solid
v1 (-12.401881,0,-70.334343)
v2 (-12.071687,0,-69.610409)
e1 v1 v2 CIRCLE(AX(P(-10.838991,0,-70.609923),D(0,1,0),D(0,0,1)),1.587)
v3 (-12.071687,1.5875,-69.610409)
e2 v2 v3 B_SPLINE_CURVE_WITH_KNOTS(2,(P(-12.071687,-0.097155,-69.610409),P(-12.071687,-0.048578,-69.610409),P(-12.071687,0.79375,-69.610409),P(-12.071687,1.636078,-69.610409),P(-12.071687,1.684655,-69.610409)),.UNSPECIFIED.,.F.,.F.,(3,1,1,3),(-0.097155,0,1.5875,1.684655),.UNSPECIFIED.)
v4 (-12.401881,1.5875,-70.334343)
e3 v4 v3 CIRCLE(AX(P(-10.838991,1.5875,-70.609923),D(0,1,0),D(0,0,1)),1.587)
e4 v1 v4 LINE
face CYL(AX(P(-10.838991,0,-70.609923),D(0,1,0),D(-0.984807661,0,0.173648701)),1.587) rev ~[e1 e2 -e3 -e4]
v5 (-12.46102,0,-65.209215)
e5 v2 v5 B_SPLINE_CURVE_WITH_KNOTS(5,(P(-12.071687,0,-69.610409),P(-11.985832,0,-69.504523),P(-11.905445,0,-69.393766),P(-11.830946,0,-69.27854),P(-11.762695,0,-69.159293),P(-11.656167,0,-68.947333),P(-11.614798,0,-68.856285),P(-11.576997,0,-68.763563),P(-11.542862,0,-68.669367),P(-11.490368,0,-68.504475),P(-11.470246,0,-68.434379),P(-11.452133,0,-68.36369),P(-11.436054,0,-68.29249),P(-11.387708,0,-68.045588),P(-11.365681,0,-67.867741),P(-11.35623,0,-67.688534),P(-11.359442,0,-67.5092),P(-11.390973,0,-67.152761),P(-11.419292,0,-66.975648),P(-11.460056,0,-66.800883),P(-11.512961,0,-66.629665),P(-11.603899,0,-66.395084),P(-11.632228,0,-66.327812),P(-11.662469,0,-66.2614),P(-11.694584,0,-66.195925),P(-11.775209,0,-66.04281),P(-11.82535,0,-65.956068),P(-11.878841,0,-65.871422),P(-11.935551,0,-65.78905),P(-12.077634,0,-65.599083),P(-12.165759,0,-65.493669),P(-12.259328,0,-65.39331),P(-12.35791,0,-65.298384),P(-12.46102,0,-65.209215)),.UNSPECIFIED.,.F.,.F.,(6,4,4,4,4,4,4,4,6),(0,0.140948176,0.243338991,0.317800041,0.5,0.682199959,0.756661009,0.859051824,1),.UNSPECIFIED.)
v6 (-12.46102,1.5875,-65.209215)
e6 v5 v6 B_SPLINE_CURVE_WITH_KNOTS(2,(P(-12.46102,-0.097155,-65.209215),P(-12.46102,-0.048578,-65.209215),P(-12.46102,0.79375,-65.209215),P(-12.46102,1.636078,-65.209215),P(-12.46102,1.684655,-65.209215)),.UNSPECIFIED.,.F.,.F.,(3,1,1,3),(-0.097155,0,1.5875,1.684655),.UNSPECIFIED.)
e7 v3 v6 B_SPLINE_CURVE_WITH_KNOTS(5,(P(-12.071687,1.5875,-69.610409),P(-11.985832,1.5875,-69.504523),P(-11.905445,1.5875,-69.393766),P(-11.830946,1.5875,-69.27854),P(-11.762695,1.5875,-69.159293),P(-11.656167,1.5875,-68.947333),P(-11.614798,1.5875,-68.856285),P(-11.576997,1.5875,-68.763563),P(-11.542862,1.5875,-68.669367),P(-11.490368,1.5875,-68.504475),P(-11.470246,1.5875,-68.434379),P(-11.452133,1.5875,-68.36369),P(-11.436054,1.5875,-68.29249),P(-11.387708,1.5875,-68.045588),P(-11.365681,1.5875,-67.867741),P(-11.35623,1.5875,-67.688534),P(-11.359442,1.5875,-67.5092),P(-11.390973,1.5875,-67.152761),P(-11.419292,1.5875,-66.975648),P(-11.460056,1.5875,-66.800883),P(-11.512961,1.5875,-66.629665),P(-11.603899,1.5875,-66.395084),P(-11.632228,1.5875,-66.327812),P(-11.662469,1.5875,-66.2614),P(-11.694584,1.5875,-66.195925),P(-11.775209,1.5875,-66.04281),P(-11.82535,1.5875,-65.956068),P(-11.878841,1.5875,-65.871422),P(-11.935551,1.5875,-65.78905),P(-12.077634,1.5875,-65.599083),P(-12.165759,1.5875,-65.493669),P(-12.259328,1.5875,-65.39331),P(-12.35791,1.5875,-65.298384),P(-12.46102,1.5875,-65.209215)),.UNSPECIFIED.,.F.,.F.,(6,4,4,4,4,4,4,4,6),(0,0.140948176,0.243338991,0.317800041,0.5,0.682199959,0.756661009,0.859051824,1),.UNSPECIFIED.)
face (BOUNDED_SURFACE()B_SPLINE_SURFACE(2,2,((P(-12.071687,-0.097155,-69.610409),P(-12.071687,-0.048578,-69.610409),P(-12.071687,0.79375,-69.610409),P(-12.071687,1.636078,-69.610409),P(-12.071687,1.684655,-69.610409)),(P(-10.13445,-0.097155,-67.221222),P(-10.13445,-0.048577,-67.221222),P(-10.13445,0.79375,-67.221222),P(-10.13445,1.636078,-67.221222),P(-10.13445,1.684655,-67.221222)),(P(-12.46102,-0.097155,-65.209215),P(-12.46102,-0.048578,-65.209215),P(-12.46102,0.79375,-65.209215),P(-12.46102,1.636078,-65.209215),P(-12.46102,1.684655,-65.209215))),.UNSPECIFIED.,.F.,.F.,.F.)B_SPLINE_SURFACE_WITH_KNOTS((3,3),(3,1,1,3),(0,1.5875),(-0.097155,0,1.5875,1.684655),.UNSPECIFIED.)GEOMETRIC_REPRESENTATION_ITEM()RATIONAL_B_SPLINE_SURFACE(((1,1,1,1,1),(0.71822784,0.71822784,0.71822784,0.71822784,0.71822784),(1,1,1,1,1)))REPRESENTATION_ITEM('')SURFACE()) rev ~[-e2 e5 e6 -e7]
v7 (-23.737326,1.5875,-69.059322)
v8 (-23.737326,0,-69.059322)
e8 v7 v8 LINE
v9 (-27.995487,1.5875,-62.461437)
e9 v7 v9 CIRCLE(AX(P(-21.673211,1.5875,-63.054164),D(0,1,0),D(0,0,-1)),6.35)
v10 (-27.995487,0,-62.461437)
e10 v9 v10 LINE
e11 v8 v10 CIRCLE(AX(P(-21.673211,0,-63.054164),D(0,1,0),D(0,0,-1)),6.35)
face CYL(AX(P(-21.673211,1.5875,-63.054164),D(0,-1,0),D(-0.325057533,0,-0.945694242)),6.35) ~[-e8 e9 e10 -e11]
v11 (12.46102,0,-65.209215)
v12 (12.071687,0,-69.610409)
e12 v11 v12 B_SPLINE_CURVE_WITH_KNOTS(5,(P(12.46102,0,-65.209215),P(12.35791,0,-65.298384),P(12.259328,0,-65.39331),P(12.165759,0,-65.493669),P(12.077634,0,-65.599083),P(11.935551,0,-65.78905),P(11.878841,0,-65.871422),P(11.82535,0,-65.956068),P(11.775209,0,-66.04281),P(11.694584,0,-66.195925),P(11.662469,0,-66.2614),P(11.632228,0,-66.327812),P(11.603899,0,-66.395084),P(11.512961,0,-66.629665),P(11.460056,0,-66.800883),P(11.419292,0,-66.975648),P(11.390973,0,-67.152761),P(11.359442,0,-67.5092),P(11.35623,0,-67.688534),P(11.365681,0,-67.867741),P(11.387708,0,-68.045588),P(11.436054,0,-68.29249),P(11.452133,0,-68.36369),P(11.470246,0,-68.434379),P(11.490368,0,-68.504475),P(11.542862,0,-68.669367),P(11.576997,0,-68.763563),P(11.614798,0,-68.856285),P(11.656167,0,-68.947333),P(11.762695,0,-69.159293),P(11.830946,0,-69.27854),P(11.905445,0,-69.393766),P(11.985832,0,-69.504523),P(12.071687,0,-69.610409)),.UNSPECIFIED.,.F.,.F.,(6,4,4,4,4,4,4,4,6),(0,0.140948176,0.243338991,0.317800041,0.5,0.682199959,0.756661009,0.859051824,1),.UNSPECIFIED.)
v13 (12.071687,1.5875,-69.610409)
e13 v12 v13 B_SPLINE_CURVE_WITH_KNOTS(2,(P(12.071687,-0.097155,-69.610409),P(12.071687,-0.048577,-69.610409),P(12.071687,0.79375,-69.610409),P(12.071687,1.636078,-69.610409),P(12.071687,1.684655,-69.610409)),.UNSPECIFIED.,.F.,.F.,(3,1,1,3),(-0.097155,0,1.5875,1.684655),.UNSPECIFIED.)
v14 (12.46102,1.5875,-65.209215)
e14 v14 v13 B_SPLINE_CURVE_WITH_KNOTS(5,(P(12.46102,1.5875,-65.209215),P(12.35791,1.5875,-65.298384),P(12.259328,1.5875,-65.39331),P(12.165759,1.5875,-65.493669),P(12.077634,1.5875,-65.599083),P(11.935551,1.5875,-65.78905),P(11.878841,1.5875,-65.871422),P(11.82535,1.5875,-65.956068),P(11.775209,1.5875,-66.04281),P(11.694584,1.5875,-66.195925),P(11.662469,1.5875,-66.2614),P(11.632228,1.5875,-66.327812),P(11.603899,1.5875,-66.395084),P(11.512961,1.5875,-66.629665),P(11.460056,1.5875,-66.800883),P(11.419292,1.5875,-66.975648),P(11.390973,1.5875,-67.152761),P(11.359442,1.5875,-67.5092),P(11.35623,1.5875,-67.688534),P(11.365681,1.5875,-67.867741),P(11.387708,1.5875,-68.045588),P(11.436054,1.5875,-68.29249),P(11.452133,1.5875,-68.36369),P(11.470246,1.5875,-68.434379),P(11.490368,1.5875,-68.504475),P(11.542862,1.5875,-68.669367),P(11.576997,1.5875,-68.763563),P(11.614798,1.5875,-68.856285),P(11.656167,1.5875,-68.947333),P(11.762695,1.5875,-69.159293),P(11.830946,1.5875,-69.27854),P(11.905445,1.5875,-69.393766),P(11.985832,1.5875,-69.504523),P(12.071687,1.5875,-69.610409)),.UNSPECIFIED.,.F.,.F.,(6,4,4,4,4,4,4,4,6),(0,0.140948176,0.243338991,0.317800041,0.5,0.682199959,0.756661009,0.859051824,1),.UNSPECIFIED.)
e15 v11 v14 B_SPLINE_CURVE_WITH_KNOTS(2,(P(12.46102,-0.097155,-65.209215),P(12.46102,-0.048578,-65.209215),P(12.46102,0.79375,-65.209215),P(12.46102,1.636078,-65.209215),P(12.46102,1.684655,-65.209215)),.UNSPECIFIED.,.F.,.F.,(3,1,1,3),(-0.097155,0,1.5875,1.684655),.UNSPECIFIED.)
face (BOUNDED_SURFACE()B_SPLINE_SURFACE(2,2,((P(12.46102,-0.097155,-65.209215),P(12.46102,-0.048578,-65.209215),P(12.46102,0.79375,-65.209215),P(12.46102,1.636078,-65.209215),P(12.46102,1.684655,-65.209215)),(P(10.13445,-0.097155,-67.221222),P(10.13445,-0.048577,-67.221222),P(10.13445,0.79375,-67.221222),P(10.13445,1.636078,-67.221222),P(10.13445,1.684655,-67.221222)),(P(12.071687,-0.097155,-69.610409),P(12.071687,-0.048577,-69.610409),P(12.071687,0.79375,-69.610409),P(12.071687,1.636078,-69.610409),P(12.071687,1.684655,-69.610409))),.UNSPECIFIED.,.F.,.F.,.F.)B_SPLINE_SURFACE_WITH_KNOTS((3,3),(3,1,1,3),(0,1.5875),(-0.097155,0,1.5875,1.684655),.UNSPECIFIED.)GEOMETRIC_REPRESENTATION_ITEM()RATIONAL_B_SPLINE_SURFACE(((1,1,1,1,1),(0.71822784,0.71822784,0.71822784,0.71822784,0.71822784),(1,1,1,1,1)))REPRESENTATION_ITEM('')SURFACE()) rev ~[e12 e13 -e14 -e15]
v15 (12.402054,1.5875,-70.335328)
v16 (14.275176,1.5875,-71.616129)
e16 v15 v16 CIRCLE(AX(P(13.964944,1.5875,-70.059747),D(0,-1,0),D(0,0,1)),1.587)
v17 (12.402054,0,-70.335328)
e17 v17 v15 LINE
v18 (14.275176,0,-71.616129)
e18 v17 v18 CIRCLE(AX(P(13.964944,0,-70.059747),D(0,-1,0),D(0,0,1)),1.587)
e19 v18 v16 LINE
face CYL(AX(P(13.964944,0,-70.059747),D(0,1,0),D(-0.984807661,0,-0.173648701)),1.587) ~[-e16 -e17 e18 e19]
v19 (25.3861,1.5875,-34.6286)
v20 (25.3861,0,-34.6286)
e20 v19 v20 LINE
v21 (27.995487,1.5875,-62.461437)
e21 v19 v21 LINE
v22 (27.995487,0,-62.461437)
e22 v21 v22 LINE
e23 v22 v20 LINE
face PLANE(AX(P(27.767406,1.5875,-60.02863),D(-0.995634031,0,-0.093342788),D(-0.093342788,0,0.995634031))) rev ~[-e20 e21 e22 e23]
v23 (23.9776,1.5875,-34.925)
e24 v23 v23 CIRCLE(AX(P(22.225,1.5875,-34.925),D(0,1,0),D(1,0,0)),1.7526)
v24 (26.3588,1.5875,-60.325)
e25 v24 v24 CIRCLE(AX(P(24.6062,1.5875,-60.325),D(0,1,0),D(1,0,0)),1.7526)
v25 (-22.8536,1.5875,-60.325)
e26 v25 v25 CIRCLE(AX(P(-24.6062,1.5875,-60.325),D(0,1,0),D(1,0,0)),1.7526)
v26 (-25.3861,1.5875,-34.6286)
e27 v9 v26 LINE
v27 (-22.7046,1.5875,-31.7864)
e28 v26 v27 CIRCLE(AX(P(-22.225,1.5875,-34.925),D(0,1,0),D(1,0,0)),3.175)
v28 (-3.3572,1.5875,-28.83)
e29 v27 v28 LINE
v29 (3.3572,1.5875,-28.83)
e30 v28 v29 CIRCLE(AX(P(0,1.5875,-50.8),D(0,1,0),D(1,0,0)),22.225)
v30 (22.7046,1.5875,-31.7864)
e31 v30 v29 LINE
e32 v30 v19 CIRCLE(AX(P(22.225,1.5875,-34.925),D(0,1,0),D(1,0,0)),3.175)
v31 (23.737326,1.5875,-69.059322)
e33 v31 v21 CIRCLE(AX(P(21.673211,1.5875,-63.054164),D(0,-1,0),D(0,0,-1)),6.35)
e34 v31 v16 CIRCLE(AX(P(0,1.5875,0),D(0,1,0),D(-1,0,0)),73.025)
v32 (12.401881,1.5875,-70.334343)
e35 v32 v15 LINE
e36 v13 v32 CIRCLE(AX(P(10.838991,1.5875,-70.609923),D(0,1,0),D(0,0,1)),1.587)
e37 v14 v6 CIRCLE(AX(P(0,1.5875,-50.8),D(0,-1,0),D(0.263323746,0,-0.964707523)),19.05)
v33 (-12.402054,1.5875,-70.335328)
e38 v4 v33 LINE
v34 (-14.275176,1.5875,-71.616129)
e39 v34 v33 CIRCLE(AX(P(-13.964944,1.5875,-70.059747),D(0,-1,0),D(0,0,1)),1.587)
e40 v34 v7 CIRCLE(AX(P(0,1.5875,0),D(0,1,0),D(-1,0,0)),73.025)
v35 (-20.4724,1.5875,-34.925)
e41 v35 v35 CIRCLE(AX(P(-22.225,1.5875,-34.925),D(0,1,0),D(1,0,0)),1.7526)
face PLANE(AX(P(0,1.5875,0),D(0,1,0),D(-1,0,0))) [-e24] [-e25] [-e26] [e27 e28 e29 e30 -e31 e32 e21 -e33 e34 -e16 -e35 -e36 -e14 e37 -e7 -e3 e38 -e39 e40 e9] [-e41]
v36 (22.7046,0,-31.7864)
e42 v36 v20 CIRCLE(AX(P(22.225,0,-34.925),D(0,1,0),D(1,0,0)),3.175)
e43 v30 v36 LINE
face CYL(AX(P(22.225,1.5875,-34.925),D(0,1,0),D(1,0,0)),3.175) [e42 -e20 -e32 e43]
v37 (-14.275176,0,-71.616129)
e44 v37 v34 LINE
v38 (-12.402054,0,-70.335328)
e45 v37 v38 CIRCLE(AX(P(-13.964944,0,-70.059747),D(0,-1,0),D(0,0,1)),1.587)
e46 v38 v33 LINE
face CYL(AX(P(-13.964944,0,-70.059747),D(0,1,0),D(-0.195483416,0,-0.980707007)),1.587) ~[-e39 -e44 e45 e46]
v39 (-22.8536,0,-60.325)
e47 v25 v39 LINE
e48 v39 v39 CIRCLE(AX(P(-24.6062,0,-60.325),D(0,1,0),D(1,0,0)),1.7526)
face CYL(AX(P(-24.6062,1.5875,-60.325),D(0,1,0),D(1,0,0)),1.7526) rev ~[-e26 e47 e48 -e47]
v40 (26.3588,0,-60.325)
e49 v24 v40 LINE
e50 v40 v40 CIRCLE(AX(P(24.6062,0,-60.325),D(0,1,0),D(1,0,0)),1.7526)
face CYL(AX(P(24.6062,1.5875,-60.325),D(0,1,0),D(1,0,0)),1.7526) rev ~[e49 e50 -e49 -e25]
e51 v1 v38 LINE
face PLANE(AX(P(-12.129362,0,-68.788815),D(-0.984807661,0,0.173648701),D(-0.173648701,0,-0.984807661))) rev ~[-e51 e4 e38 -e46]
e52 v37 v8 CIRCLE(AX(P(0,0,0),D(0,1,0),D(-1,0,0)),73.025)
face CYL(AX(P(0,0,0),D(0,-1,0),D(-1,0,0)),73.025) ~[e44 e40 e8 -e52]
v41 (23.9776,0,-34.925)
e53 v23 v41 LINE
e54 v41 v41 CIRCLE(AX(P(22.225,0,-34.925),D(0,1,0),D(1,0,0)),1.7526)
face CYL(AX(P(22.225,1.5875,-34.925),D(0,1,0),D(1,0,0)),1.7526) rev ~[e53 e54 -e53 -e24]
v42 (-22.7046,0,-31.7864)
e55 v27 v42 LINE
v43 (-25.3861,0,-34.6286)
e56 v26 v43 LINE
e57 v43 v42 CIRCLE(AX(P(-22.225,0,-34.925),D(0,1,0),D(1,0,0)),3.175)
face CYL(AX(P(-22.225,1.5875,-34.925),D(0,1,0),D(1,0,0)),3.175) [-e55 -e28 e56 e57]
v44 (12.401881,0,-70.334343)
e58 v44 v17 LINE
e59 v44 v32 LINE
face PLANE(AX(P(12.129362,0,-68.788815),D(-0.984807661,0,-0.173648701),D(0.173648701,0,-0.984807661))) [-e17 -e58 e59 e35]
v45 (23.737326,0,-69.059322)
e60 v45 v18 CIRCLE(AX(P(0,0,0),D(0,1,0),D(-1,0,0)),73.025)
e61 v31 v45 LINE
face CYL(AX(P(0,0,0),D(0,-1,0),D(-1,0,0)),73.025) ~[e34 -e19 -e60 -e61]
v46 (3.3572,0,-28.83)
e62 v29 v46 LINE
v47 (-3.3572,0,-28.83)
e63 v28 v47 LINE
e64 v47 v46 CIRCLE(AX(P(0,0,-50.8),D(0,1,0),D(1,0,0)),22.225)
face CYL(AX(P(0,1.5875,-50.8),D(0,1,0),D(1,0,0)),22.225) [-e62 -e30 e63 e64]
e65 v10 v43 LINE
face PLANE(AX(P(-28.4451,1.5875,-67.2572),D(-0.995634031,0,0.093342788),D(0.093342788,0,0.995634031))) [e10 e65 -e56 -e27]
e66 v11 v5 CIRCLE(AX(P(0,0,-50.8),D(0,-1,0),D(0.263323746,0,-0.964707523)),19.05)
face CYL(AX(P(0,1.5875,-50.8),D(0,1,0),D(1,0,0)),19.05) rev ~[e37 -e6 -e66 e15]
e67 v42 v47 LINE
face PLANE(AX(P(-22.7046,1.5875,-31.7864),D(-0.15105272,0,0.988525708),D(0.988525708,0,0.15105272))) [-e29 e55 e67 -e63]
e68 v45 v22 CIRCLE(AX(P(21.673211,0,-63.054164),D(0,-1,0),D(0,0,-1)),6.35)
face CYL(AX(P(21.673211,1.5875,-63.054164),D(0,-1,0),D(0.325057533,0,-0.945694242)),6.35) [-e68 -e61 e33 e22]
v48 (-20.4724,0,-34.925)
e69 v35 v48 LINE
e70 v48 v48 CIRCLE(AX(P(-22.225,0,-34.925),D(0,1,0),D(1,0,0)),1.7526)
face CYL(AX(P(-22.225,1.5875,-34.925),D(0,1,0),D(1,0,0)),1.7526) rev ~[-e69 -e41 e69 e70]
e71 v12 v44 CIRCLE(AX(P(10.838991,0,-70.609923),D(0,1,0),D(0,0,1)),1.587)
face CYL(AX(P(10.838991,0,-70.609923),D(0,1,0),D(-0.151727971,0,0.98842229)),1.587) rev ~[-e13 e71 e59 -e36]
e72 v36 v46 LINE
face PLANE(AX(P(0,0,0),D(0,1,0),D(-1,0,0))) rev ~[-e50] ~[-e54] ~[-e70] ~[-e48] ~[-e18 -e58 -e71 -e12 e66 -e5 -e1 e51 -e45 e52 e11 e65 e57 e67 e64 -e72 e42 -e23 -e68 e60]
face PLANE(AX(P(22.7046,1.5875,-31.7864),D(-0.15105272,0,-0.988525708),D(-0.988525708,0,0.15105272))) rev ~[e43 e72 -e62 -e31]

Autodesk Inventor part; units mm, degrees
ref_plane "YZ Plane" through (0, 0, 0) normal (1, 0, 0) x (0, 1, 0)
ref_plane "XZ Plane" through (0, 0, 0) normal (0, 1, 0) x (-1, 0, 0)
ref_plane "XY Plane" through (0, 0, 0) normal (0, 0, 1) x (1, 0, 0)
sketch "Sketch1" plane through (0, 0, 0) normal (0, 1, 0) x (-1, 0, 0)
  circle A0 centre (0, 0) radius 73.025
  line L0 (0, 0) -> (0, -73.025) construction
  line L1 (0, 0) -> (-12.6807, -71.9156)
  line L2 (0, 0) -> (12.6807, -71.9156)
  line L3 (0, 0) -> (72.3143, -10.1631)
  line L4 (0, 0) -> (64.4772, -34.2832)
  line L5 (0, 0) -> (32.0121, 65.6344)
  line L6 (0, 0) -> (52.5298, 50.7274)
  line L7 (0, 0) -> (-52.5298, 50.7274)
  line L8 (0, 0) -> (-32.0121, 65.6344)
  line L9 (0, 0) -> (-64.4772, -34.2832)
  line L10 (0, 0) -> (-72.3143, -10.1631)
  circle A1 centre (0, 0) radius 69.85
  arc A2 (4.7597, -69.6876) -> (-4.7597, -69.6876) centre (0, -69.85) ccw
  arc A3 (67.7477, -17.0079) -> (64.806, -26.0614) centre (66.4313, -21.5848) ccw
  arc A4 (37.1107, 59.1762) -> (44.8121, 53.5808) centre (41.0568, 56.5098) ccw
  arc A5 (-44.8121, 53.5808) -> (-37.1107, 59.1762) centre (-41.0568, 56.5098) ccw
  arc A6 (-64.806, -26.0614) -> (-67.7477, -17.0079) centre (-66.4313, -21.5848) ccw
  point P0 (61.6739, -32.7926)
  point P1 (69.1702, -9.7212)
  point P2 (50.2459, 48.5219)
  point P3 (30.6202, 62.7808)
  point P4 (-30.6202, 62.7808)
  point P5 (-50.2459, 48.5219)
  point P6 (-69.1702, -9.7212)
  point P7 (-61.6739, -32.7926)
  point P8 (-12.1293, -68.7888)
  point P9 (12.1293, -68.7888)
  point P10 (64.806, -26.0614)
  point P11 (67.7477, -17.0079)
  point P12 (44.8121, 53.5808)
  point P13 (37.1107, 59.1762)
  point P14 (-37.1107, 59.1762)
  point P15 (-67.7477, -17.0079)
  dimension "d0" = 146.05
  dimension "d1" = 10
  dimension "d4" = 360
  dimension "d6" = 3.175
  dimension "d10" = 9.525
  dimension "d13" = 360
extrude "Extrusion1" add sketch "Sketch1" along normal blind 1.5875 contours A0 L3 A1 L6 | L5 A1 L8 A0 | A1 L3 L6 | L6 L5 A1 A4 | A0 L2 A1 L4 | A1 A3 L4 L3 | L5 L8 A1 | L2 A1 A2 L1 | L4 A1 L2 | L10 A1 L7 | L7 A1 A5 L8 | L1 A1 L9 | L9 A1 A6 L10 | L7 A1 L10 A0 | L1 A0 L9 A1
fillet "Fillet1" radius 1.5875 30 edges at (30.6202, 0.7937, 62.7808) (32.0121, 0.7937, 65.6344) (-30.6202, 0.7937, 62.7808) (-32.0121, 0.7937, 65.6344) (-52.5298, 0.7937, 50.7274) (-50.2459, 0.7937, 48.5219) (52.5298, 0.7937, 50.7274) (50.2459, 0.7937, 48.5219) (64.4772, 0.7937, -34.2832) (61.6739, 0.7937, -32.7926) (72.3143, 0.7937, -10.1631) (69.1702, 0.7937, -9.7212) (12.6807, 0.7937, -71.9156) (12.1293, 0.7937, -68.7888) (-12.6807, 0.7937, -71.9156) (-12.1293, 0.7937, -68.7888) (-72.3143, 0.7937, -10.1631) (-69.1702, 0.7937, -9.7212) (-64.4772, 0.7937, -34.2832) (-61.6739, 0.7937, -32.7926) (37.1107, 0.7937, 59.1762) (44.8121, 0.7937, 53.5808) (-44.8121, 0.7937, 53.5808) (-37.1107, 0.7937, 59.1762) (-64.806, 0.7937, -26.0614) (-67.7477, 0.7937, -17.0079) (4.7597, 0.7937, -69.6876) (-4.7597, 0.7937, -69.6876) (67.7477, 0.7937, -17.0079) (64.806, 0.7937, -26.0614)
sketch "Sketch5" plane through (0, 1.5875, 0) normal (0, 1, 0) x (1, 0, 0)
  line L0 (0, 0) -> (0, 65.0875) construction
  arc A0 (-4.554, 68.4564) -> (4.554, 68.4564) centre (0, 69.85) ccw projected
  circle A1 centre (0, 50.8) radius 22.225
  arc A2 (63.6995, 35.7075) -> (14.2757, 71.616) centre (0, 0) ccw projected
  circle A3 centre (-24.6062, 60.325) radius 1.7526
  circle A4 centre (-24.6062, 60.325) radius 3.175 construction
  circle A5 centre (-22.225, 34.925) radius 3.175
  circle A6 centre (-22.225, 34.925) radius 1.7526
  circle A7 centre (24.6062, 60.325) radius 1.7526
  circle A8 centre (24.6062, 60.325) radius 3.175
  circle A9 centre (22.225, 34.925) radius 3.175
  circle A10 centre (22.225, 34.925) radius 1.7526
  arc A11 (6.2133, 69.5731) -> (4.554, 68.4564) centre (6.0721, 67.9919) ccw projected
  arc A12 (6.2133, 69.5731) -> (4.554, 68.4564) centre (6.0721, 67.9919) ccw
  arc A13 (-4.554, 68.4564) -> (-6.2133, 69.5731) centre (-6.0721, 67.9919) ccw projected
  arc A14 (-4.554, 68.4564) -> (-6.2133, 69.5731) centre (-6.0721, 67.9919) ccw
  arc A15 (-12.4019, 70.3348) -> (-10.5977, 69.0414) centre (-10.8385, 70.6105) ccw projected
  arc A16 (10.5977, 69.0414) -> (12.4019, 70.3348) centre (10.8385, 70.6105) ccw projected
  arc A17 (10.5977, 69.0414) -> (6.2133, 69.5731) centre (0, 0) ccw projected
  arc A18 (10.5977, 69.0414) -> (11.9875, 69.515) centre (10.8385, 70.6105) ccw
  arc A19 (-6.2133, 69.5731) -> (-10.5977, 69.0414) centre (0, 0) ccw
  arc A20 (-14.2757, 71.616) -> (-63.6995, 35.7075) centre (0, 0) ccw projected
  line L1 (-28.4451, 67.2572) -> (-25.3861, 34.6286)
  line L2 (-22.7046, 31.7864) -> (-3.3572, 28.83)
  line L3 (28.4451, 67.2572) -> (25.3861, 34.6286)
  line L4 (22.7046, 31.7864) -> (3.3572, 28.83)
  circle A21 centre (0, 0) radius 73.025
  circle A22 centre (0, 50.8) radius 19.05
  point P0 (-63.6995, 35.7075)
  point P1 (-9.2869, 69.2299)
  point P2 (9.2869, 69.2299)
  point P3 (-5.0165, 69.1776)
  point P4 (5.0165, 69.1776)
  dimension "d40" = 44.45
  dimension "d41" = 3.5052
  dimension "d42" = 6.35
  dimension "d43" = 9.525
  dimension "d44" = 24.6062
  dimension "d45" = 6.35
  dimension "d46" = 3.5052
  dimension "d47" = 15.875
  dimension "d48" = 22.225
  dimension "d70" = 38.1
extrude "Extrusion3" cut sketch "Sketch5" against normal blind 25.4 contours A13 A22 A11 A0 | A0 A11 A22 A13 | A1 L4 A9 L3 A2 A21 A20 L1 A5 L2 | A3 | A6 | A7 | A10
fillet "Fillet4" radius 6.35 2 edges at (-28.4451, 0.7937, -67.2572) (28.4451, 0.7937, -67.2572)
fillet "Fillet5" radius 3.175 2 edges at (-5.0163, 0.7937, -69.1777) (5.0163, 0.7937, -69.1777)
equation "\"d45\" = d42"
equation "\"d46\" = d41"
properties part number "Top Plate" material "Aluminum 6061"
